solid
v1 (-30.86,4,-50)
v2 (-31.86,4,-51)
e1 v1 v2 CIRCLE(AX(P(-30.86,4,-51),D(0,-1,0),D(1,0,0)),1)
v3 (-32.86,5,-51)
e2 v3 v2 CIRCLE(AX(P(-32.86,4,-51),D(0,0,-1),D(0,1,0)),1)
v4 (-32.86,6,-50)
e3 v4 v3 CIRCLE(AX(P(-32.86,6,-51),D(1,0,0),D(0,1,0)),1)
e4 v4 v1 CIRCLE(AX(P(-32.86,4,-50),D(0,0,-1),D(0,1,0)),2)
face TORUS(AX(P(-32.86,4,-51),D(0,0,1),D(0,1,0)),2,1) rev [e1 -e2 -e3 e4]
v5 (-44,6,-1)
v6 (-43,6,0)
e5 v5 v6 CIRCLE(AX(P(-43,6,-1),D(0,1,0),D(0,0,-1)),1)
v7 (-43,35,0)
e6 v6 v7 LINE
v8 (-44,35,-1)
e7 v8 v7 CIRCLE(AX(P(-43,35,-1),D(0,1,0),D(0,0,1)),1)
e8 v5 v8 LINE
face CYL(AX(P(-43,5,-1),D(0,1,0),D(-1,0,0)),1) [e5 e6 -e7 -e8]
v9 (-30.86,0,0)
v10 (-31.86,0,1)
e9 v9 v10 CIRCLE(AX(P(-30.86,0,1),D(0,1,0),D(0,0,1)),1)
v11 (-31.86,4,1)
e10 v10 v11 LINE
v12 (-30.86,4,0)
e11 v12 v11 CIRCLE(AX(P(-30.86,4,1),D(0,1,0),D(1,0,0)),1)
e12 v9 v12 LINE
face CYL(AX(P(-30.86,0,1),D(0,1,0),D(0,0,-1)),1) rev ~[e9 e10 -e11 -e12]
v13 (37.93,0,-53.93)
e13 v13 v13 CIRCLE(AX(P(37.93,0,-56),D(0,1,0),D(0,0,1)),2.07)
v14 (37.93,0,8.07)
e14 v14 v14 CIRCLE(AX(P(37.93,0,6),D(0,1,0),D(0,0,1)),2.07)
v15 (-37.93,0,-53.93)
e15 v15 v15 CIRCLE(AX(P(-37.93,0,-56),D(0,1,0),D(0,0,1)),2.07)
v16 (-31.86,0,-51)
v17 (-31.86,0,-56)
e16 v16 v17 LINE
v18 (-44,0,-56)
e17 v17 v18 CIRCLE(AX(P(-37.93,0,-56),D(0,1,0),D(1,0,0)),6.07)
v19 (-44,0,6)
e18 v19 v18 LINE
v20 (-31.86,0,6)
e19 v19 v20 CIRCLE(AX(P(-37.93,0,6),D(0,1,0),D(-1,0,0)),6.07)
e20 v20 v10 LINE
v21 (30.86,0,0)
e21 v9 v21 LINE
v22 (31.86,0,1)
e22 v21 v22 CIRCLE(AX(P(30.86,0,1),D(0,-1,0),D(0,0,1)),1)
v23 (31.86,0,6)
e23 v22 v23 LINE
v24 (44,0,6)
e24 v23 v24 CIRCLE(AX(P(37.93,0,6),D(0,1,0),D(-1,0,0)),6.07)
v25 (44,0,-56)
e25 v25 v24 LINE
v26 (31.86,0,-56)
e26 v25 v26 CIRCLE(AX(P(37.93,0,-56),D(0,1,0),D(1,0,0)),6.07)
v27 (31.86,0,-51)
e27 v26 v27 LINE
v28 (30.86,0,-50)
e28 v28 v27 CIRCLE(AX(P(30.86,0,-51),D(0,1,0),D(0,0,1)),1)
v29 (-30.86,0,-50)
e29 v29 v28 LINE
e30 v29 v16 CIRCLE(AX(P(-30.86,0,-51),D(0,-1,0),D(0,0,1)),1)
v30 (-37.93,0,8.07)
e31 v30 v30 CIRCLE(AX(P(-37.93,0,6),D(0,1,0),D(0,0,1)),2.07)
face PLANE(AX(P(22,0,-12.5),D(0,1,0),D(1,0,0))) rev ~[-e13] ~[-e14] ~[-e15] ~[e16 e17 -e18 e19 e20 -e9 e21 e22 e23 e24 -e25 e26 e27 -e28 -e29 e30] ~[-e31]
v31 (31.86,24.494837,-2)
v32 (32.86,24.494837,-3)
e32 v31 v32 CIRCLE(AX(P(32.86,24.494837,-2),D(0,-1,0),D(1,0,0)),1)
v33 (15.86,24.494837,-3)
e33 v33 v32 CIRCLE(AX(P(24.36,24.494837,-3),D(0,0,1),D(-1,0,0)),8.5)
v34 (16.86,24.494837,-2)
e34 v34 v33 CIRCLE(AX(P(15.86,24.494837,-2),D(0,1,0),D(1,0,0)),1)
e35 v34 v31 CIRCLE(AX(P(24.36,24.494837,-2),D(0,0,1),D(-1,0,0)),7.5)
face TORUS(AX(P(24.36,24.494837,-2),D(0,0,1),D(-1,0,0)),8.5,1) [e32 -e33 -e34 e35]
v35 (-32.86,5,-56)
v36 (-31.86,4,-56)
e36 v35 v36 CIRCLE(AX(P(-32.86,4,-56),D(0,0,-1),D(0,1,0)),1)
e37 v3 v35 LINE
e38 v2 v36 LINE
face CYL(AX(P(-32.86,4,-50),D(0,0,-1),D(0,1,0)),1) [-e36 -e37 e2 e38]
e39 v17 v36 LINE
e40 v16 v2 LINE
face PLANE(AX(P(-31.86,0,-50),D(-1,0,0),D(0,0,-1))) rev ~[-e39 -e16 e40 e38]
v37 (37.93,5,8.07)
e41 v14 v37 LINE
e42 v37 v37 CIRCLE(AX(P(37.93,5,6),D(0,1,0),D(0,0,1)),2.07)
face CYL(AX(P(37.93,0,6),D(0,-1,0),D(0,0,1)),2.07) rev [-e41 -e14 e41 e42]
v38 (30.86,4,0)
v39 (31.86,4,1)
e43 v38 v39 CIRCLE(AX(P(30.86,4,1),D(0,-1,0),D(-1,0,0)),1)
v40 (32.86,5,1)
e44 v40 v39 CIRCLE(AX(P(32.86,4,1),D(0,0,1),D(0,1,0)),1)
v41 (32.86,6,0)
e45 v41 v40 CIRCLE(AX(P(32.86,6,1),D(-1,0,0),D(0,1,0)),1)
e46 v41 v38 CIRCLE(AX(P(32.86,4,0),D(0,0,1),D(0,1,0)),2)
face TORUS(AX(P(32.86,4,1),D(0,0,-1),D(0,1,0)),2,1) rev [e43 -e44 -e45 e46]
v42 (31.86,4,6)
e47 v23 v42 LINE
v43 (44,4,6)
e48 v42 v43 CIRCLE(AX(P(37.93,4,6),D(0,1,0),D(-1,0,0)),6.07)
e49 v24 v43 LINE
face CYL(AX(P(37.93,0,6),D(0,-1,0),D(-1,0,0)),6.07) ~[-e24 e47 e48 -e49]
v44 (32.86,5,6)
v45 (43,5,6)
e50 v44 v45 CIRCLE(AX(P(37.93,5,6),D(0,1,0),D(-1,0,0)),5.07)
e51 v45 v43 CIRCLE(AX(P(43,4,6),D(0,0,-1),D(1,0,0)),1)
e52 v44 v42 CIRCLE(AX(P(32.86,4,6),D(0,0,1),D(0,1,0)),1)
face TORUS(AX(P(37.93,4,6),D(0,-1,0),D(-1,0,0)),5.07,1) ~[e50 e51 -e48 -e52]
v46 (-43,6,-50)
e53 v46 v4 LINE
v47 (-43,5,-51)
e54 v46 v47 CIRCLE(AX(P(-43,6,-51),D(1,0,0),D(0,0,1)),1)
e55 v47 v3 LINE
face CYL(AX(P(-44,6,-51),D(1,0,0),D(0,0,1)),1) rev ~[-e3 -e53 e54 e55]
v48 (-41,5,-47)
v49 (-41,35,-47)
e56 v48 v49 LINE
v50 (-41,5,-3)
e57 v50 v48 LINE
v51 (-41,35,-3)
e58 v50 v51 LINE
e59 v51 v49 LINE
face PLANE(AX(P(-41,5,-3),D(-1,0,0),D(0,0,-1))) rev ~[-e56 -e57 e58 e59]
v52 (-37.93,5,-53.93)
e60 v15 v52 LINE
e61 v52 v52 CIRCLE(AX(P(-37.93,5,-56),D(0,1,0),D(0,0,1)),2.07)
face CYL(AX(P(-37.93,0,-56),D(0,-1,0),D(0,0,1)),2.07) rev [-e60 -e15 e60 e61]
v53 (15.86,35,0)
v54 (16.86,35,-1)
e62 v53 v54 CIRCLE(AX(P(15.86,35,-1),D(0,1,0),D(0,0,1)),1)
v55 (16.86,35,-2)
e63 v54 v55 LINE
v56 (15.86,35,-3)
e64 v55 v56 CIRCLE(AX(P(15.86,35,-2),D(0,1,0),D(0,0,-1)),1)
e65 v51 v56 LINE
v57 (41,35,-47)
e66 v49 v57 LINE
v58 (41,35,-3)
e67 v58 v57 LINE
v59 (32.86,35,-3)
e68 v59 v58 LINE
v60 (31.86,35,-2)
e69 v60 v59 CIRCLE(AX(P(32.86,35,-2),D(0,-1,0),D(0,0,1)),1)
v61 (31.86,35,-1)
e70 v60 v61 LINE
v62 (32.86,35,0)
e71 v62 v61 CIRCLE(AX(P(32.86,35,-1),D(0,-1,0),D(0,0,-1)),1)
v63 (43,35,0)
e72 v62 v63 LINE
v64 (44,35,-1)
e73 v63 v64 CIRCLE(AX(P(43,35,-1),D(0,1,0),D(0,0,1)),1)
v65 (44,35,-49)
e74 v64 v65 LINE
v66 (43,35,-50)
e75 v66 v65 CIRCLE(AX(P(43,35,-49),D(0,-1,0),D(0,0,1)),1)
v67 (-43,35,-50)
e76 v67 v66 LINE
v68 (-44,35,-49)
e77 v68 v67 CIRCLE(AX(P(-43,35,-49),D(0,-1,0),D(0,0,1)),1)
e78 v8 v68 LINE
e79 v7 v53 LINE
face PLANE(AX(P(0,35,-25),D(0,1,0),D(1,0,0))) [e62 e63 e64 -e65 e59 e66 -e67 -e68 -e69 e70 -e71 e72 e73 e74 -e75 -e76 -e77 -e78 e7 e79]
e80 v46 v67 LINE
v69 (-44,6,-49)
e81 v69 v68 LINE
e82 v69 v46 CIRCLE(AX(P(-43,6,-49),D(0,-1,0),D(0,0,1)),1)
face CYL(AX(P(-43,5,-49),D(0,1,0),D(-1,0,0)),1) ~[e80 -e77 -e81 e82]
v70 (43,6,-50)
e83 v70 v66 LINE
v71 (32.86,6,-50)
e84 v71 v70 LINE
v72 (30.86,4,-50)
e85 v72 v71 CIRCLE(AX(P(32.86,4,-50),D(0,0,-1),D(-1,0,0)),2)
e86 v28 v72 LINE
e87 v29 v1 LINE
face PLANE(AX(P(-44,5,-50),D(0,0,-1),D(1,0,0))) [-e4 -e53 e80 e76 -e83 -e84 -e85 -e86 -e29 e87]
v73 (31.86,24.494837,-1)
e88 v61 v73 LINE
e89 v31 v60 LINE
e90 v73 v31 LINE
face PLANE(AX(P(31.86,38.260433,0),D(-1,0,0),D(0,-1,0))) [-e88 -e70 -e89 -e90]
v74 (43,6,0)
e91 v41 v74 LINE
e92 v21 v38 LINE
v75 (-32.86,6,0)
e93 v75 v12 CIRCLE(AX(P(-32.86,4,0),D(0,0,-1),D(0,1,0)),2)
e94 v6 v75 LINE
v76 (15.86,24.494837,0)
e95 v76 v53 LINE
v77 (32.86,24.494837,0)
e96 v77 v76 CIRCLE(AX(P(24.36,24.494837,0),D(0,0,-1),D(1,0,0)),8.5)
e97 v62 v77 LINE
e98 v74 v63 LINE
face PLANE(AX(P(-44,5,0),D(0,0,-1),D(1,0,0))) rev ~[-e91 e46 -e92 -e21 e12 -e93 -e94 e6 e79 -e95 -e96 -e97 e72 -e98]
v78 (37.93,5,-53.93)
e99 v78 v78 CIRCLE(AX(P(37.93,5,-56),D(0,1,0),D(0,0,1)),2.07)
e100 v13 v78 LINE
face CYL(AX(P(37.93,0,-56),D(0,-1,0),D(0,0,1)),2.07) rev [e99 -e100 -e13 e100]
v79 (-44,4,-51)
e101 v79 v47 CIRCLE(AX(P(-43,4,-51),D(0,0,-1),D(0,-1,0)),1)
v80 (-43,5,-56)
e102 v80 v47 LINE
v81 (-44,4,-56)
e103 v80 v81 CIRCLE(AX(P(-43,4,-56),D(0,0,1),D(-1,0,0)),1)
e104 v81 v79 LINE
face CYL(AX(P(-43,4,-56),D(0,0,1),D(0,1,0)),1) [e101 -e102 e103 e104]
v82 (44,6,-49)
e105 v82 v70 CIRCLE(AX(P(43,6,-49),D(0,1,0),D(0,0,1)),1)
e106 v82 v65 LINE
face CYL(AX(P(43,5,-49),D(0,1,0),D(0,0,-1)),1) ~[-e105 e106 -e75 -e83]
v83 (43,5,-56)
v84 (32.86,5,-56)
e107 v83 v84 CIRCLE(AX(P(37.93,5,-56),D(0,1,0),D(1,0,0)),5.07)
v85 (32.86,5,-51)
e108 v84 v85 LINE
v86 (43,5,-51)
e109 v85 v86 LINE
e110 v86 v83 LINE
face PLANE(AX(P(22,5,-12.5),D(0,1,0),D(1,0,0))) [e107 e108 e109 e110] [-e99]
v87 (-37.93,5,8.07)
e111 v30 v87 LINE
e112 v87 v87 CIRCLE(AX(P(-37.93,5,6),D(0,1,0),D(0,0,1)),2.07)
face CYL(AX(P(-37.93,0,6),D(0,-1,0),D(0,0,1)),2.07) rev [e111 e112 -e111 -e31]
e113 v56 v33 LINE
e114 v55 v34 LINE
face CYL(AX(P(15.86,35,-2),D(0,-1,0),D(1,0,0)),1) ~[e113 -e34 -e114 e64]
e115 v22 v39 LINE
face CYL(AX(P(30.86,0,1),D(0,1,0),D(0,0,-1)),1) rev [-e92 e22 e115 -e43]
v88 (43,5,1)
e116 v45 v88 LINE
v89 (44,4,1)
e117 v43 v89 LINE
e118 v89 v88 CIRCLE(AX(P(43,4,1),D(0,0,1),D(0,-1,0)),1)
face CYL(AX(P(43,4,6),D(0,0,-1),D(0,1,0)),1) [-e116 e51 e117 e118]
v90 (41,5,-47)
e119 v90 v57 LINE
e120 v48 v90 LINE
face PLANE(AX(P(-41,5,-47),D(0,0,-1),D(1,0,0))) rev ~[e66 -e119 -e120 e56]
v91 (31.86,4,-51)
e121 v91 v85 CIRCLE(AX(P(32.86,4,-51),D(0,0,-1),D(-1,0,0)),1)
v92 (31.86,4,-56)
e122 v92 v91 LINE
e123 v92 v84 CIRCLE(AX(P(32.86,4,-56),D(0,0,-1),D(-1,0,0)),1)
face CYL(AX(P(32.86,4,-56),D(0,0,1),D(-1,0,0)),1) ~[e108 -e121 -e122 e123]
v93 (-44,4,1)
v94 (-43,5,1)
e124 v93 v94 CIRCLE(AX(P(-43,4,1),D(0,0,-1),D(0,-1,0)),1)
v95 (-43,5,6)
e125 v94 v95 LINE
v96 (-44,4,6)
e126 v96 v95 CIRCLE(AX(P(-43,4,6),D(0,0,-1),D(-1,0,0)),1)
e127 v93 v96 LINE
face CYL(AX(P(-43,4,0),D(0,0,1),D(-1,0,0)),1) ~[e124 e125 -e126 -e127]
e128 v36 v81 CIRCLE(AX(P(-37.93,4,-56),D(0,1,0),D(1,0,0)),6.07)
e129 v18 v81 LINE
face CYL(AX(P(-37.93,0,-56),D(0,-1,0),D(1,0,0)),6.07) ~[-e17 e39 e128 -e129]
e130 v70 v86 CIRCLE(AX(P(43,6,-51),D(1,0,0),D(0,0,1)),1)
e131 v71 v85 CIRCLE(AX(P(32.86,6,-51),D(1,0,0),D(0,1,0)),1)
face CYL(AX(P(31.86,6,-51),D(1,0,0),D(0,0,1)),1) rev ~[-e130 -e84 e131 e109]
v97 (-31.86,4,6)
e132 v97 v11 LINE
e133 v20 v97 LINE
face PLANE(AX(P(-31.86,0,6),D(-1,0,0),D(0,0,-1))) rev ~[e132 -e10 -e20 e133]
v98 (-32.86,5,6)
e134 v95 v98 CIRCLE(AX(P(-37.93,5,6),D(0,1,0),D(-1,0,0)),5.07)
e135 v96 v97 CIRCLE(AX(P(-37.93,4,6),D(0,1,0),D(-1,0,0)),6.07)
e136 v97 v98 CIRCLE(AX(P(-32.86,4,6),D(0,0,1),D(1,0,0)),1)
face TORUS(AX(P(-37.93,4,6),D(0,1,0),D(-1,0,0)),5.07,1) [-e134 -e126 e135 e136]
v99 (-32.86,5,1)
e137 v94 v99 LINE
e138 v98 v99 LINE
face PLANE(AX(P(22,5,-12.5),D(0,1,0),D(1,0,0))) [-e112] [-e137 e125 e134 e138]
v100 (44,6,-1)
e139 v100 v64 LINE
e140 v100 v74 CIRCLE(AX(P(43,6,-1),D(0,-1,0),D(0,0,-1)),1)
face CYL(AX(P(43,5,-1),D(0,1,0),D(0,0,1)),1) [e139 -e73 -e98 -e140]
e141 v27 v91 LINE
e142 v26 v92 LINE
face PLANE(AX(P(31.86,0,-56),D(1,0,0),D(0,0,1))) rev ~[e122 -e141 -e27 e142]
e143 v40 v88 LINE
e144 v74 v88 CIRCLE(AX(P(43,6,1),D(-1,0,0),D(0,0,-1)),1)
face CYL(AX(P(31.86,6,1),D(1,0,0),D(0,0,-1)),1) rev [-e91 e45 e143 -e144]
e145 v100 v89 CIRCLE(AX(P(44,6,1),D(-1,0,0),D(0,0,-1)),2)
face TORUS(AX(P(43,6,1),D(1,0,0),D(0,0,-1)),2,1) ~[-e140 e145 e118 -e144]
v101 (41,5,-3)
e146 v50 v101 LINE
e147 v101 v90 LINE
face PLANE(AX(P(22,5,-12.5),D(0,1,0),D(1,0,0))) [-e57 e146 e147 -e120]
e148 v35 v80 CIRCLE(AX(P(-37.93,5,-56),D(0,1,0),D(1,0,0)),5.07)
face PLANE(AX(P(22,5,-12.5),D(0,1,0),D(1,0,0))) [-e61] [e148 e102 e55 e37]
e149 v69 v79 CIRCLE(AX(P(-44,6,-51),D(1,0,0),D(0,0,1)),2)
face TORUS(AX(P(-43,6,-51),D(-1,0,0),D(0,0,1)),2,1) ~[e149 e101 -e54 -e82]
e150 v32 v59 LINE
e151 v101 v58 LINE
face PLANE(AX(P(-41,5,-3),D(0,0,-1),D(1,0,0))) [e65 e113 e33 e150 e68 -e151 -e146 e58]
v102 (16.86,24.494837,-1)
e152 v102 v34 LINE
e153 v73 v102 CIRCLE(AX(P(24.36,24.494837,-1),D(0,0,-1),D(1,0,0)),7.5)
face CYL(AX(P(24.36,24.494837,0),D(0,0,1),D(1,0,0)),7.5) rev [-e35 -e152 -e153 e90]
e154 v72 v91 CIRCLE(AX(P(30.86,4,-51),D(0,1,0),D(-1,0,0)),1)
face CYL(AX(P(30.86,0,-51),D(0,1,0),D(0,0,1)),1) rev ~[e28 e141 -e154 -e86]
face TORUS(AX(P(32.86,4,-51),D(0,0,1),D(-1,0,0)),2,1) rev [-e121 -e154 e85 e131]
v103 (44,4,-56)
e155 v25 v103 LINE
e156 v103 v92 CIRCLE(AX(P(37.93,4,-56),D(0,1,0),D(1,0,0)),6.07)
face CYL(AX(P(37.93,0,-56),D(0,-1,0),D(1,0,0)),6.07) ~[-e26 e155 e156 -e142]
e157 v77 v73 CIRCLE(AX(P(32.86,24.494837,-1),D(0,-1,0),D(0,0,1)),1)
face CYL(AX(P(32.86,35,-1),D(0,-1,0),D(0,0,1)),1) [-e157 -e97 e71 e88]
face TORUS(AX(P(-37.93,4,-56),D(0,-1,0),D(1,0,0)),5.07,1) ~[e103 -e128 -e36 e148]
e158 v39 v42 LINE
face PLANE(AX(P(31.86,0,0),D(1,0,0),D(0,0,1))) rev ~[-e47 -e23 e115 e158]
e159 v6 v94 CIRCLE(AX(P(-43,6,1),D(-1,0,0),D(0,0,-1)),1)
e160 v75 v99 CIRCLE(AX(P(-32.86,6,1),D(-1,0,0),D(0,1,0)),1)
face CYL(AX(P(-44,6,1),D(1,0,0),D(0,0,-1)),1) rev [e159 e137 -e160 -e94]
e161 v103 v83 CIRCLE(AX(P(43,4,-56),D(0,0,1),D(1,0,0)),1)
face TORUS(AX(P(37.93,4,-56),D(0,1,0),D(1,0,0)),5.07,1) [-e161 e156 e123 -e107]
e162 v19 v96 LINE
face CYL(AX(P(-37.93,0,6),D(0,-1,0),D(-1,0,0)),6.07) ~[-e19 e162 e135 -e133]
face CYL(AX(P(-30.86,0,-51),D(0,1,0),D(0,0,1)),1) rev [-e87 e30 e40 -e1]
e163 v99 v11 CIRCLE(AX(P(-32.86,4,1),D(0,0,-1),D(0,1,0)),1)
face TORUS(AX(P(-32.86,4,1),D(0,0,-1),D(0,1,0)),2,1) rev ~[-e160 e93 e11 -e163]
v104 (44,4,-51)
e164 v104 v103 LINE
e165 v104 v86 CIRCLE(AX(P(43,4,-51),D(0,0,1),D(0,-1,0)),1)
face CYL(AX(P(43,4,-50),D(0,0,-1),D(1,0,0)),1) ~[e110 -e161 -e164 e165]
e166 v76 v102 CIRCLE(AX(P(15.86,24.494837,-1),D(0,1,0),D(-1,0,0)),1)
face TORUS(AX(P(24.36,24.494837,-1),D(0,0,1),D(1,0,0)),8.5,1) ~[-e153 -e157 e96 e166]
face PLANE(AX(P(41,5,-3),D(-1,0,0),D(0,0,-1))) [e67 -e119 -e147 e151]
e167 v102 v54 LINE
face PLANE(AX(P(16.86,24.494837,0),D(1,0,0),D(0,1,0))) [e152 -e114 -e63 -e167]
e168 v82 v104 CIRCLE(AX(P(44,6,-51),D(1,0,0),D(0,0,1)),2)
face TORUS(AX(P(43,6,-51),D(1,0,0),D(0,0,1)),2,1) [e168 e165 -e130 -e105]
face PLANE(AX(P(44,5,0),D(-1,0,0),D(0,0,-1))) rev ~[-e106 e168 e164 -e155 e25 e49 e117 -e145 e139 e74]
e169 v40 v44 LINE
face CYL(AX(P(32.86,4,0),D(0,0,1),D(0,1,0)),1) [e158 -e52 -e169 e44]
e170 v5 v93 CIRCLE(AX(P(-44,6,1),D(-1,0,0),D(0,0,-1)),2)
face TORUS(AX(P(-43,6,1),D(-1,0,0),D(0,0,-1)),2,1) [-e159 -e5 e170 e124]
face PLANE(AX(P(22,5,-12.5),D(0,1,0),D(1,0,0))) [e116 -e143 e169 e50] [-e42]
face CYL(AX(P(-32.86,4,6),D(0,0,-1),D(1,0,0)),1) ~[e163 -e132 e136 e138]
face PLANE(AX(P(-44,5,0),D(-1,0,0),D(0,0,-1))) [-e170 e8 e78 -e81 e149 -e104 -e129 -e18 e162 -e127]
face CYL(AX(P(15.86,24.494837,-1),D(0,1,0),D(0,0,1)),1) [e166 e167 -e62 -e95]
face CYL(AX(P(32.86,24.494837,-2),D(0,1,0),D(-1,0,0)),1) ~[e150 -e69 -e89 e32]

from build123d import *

# Parameters (mm, degrees)
SKETCH2_R           = 2.07
BOSS_EXTRUDE1_DEPTH = 5
SKETCH3_W           = 88
SKETCH3_H           = 50
SKETCH3_W_2         = 82
SKETCH3_H_2         = 44
BOSS_EXTRUDE2_DEPTH = 30
CUT_EXTRUDE1_DEPTH  = 30
FILLET1_R           = 1


with BuildPart() as part:
    # Sketch2 → Boss-Extrude1 (new body)
    # profile 1 of 8: a face of its own
    with BuildSketch(Plane(origin=(0, 0, 0), x_dir=(1, 0, 0), z_dir=(0, 1, 0))):
        with BuildLine():
            Line((-31.86, 0), (-44, 0))
            Line((-44, 0), (-44, -6))
            ThreePointArc((-44, -6), (-37.93, -12.07), (-31.86, -6))
            Line((-31.86, -6), (-31.86, 0))
        make_face()
        with Locations(Location((-37.93, -6, 0), (0, 0, 270))):
            Circle(SKETCH2_R, mode=Mode.SUBTRACT)
    # profile 2 of 8: a face of its own
    with BuildSketch(Plane(origin=(0, 0, 0), x_dir=(1, 0, 0), z_dir=(0, 1, 0))):
        Polygon((0, 25), (-44, 25), (-44, 0), (-31.86, 0), (0, 0), align=None)
    # profile 3 of 8: a face of its own
    with BuildSketch(Plane(origin=(0, 0, 0), x_dir=(1, 0, 0), z_dir=(0, 1, 0))):
        Polygon((-44, 50), (-44, 25), (0, 25), (0, 50), (-31.86, 50), align=None)
    # profile 4 of 8: a face of its own
    with BuildSketch(Plane(origin=(0, 0, 0), x_dir=(1, 0, 0), z_dir=(0, 1, 0))):
        with BuildLine():
            Line((-44, 56), (-44, 50))
            Line((-44, 50), (-31.86, 50))
            Line((-31.86, 50), (-31.86, 56))
            ThreePointArc((-31.86, 56), (-37.93, 62.07), (-44, 56))
        make_face()
        with Locations(Location((-37.93, 56, 0), (0, 0, 270))):
            Circle(SKETCH2_R, mode=Mode.SUBTRACT)
    # profile 5 of 8: a face of its own
    with BuildSketch(Plane(origin=(0, 0, 0), x_dir=(1, 0, 0), z_dir=(0, 1, 0))):
        with BuildLine():
            Line((44, -6), (44, 0))
            Line((44, 0), (31.86, 0))
            Line((31.86, 0), (31.86, -6))
            ThreePointArc((31.86, -6), (37.93, -12.07), (44, -6))
        make_face()
        with Locations(Location((37.93, -6, 0), (0, 0, 270))):
            Circle(SKETCH2_R, mode=Mode.SUBTRACT)
    # profile 6 of 8: a face of its own
    with BuildSketch(Plane(origin=(0, 0, 0), x_dir=(1, 0, 0), z_dir=(0, 1, 0))):
        with BuildLine():
            Line((31.86, 50), (44, 50))
            Line((44, 50), (44, 56))
            ThreePointArc((44, 56), (37.93, 62.07), (31.86, 56))
            Line((31.86, 56), (31.86, 50))
        make_face()
        with Locations(Location((37.93, 56, 0), (0, 0, 270))):
            Circle(SKETCH2_R, mode=Mode.SUBTRACT)
    # profile 7 of 8: a face of its own
    with BuildSketch(Plane(origin=(0, 0, 0), x_dir=(1, 0, 0), z_dir=(0, 1, 0))):
        Polygon((0, 50), (0, 25), (44, 25), (44, 50), (31.86, 50), align=None)
    # profile 8 of 8: a face of its own
    with BuildSketch(Plane(origin=(0, 0, 0), x_dir=(1, 0, 0), z_dir=(0, 1, 0))):
        Polygon((44, 25), (0, 25), (0, 0), (31.86, 0), (44, 0), align=None)
    extrude(amount=BOSS_EXTRUDE1_DEPTH)

    # Sketch3 → Boss-Extrude2 (add)
    with BuildSketch(Plane(origin=(0, 5, 0), x_dir=(1, 0, 0), z_dir=(0, 1, 0))):
        with Locations((0, 25)):
            Rectangle(SKETCH3_W, SKETCH3_H)
        with Locations((0, 25)):
            Rectangle(SKETCH3_W_2, SKETCH3_H_2, mode=Mode.SUBTRACT)
    extrude(amount=BOSS_EXTRUDE2_DEPTH)

    # Sketch4 → Cut-Extrude1 (cut)
    with BuildSketch(Plane.XY):
        with BuildLine():
            Line((16.86, 24.494837281), (16.86, 38.260432579))
            ThreePointArc((16.86, 38.260432579), (24.36, 45.760432579), (31.86, 38.260432579))
            Line((31.86, 38.260432579), (31.86, 24.494837281))
            ThreePointArc((31.86, 24.494837281), (24.36, 16.994837281), (16.86, 24.494837281))
        make_face()
    extrude(amount=-CUT_EXTRUDE1_DEPTH, mode=Mode.SUBTRACT)

    # Fillet1
    fillet1_edges = [part.edges().sort_by_distance(p)[0] for p in [
        (16.86, 29.74741864, 0),
        (24.36, 16.994837281, 0),
        (31.86, 29.74741864, 0),
        (44, 5, -53),
        (37.93, 5, -62.07),
        (31.86, 5, -53),
        (31.86, 2.5, 0),
        (-31.86, 2.5, 0),
        (-31.86, 2.5, -50),
        (31.86, 2.5, -50),
        (-31.86, 5, -53),
        (-37.93, 5, -62.07),
        (-44, 5, -53),
        (44, 5, 3),
        (-37.93, 5, 12.07),
        (-44, 5, 3),
        (37.93, 5, 0),
        (-31.86, 5, 3),
        (-37.93, 5, -50),
        (-44, 20, -50),
        (-37.93, 5, 0),
        (-44, 20, 0),
        (44, 20, 0),
        (37.93, 5, -50),
        (44, 20, -50),
        (31.86, 5, 3),
        (37.93, 5, 12.07),
        (31.86, 29.74741864, -3),
        (24.36, 16.994837281, -3),
        (16.86, 29.74741864, -3),
    ]]
    fillet(fillet1_edges, radius=FILLET1_R)


solid = part.part
